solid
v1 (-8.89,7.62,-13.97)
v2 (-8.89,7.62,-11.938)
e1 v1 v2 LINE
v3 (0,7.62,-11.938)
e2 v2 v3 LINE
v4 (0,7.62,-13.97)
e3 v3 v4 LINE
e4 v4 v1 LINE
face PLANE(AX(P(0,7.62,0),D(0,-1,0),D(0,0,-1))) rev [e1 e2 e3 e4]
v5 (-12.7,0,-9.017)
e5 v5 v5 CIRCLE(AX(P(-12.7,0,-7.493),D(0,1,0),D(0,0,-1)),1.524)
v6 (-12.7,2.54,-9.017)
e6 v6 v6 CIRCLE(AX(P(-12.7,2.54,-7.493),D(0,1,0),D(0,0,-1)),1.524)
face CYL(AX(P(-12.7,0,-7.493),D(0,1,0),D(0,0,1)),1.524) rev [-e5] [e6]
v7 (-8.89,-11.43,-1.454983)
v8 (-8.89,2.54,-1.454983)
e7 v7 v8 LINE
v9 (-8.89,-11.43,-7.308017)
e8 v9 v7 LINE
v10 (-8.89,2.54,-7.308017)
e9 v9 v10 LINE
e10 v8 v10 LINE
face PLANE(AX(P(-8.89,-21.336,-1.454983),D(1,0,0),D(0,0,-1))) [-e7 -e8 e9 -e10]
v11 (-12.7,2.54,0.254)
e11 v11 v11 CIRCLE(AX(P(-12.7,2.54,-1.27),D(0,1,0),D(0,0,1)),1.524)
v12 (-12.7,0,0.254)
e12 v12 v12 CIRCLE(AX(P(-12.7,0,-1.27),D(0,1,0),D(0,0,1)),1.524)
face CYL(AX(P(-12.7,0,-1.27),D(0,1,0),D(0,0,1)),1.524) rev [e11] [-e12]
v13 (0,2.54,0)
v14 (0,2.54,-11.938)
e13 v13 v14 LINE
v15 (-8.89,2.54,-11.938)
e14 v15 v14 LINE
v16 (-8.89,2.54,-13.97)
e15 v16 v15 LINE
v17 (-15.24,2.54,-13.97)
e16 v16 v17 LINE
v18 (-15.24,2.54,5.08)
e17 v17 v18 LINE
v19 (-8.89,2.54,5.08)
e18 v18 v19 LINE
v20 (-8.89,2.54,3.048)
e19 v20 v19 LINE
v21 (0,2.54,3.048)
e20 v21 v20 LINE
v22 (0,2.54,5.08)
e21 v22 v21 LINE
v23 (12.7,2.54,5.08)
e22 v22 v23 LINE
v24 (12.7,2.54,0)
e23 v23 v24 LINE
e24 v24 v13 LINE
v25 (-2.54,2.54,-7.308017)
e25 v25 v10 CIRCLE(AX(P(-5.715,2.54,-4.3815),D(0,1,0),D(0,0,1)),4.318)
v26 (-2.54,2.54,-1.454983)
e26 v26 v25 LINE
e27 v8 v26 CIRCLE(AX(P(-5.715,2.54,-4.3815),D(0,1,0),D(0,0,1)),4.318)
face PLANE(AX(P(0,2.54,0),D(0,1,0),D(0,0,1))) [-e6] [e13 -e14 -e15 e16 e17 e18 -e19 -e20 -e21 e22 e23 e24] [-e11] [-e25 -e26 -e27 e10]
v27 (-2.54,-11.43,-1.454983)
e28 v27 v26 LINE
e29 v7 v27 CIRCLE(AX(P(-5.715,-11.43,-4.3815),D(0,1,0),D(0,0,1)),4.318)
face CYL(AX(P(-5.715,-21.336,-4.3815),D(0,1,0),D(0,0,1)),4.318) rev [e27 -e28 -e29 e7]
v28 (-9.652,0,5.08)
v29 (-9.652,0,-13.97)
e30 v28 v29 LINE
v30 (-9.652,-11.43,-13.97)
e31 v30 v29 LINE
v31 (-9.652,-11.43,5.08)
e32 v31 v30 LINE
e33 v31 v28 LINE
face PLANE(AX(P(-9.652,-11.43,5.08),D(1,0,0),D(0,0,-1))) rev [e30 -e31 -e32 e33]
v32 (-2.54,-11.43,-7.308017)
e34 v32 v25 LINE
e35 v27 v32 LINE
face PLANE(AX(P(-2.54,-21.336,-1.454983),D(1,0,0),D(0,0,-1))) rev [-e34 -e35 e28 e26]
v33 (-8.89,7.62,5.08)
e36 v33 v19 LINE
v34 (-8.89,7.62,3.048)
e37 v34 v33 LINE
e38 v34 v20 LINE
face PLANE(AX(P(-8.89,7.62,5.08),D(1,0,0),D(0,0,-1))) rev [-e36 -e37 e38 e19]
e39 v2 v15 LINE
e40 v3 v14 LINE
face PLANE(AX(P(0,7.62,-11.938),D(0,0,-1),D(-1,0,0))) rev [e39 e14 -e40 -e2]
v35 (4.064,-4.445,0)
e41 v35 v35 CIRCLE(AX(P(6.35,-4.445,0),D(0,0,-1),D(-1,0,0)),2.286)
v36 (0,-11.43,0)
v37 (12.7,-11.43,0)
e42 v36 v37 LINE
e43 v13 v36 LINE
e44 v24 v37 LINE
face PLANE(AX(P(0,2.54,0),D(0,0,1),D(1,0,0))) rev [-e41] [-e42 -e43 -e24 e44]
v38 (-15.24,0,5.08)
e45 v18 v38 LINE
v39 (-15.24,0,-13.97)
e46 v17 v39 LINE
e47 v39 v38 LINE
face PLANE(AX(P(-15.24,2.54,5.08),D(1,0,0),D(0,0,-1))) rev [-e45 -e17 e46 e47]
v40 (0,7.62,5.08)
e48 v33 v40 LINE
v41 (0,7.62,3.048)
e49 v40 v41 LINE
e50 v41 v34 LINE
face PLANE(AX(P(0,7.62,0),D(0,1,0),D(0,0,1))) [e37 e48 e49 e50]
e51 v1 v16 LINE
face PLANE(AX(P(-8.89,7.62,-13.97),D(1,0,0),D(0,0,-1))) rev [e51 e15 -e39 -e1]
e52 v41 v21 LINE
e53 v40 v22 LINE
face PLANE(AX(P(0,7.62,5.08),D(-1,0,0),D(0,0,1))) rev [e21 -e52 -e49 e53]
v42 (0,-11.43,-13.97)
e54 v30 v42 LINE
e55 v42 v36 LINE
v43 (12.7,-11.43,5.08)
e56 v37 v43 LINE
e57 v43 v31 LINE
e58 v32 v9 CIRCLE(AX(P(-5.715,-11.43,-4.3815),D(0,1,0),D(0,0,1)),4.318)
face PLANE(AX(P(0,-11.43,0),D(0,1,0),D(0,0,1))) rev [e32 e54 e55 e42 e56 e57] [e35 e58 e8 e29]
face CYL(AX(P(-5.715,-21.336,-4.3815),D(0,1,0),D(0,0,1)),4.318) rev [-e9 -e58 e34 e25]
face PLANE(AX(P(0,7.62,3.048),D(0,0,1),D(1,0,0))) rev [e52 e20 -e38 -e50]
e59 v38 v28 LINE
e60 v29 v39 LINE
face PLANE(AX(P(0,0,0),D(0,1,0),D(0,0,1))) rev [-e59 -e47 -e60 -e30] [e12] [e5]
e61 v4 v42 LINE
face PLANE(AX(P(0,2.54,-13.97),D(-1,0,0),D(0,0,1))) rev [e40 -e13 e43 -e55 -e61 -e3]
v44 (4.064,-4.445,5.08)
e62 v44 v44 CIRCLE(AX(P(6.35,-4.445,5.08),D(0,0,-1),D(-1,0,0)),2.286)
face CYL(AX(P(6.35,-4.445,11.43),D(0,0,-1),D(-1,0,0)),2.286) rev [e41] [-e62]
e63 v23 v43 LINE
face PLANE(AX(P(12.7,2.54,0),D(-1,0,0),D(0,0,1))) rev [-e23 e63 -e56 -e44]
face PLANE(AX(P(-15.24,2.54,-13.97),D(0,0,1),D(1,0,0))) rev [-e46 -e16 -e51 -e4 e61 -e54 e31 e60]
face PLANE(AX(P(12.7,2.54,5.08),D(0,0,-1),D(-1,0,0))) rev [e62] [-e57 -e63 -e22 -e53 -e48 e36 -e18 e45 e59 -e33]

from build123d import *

# Parameters (mm, degrees)
BOSS_EXTRUDE1_DEPTH = 2.54
CUT_EXTRUDE1_DEPTH  = 23.876
SKETCH3_R           = 1.524
CUT_EXTRUDE2_DEPTH  = 2.54
SKETCH4_W           = 8.89
SKETCH4_H           = 2.032
BOSS_EXTRUDE2_DEPTH = 5.08
SKETCH5_W           = 12.7
SKETCH5_H           = 5.08
BOSS_EXTRUDE3_DEPTH = 11.43
SKETCH6_R           = 2.286
CUT_EXTRUDE3_DEPTH  = 11.43
SKETCH7_W           = 9.652
SKETCH7_H           = 19.05
BOSS_EXTRUDE4_DEPTH = 11.43
CUT_EXTRUDE4_DEPTH  = 25.4


with BuildPart() as part:
    # Sketch1 → Boss-Extrude1 (new body)
    with BuildSketch(Plane(origin=(0, 0, 0), x_dir=(1, 0, 0), z_dir=(0, 1, 0))):
        Polygon((0, 0), (12.7, 0), (12.7, -5.08), (-15.24, -5.08), (-15.24, 13.97), (0, 13.97), align=None)
    extrude(amount=BOSS_EXTRUDE1_DEPTH)

    # Sketch2 → Cut-Extrude1 (cut)
    with BuildSketch(Plane(origin=(0, 2.54, 0), x_dir=(1, 0, 0), z_dir=(0, 1, 0))):
        with BuildLine():
            Line((-8.89, 1.45498347), (-8.89, 7.30801653))
            ThreePointArc((-8.89, 7.30801653), (-5.715, 8.6995), (-2.54, 7.30801653))
            Line((-2.54, 7.30801653), (-2.54, 1.45498347))
            ThreePointArc((-2.54, 1.45498347), (-5.715, 0.0635), (-8.89, 1.45498347))
        make_face()
    extrude(amount=-CUT_EXTRUDE1_DEPTH, mode=Mode.SUBTRACT)

    # Sketch3 → Cut-Extrude2 (cut)
    with BuildSketch(Plane(origin=(0, 2.54, 0), x_dir=(1, 0, 0), z_dir=(0, 1, 0))):
        with Locations((-12.7, 1.27)):
            Circle(SKETCH3_R)
        with Locations((-12.7, 7.493)):
            Circle(SKETCH3_R)
    extrude(amount=-CUT_EXTRUDE2_DEPTH, mode=Mode.SUBTRACT)

    # Sketch4 → Boss-Extrude2 (add)
    with BuildSketch(Plane(origin=(0, 2.54, 0), x_dir=(1, 0, 0), z_dir=(0, 1, 0))):
        with Locations((-4.445, 12.954)):
            Rectangle(SKETCH4_W, SKETCH4_H)
        with Locations((-4.445, -4.064)):
            Rectangle(SKETCH4_W, SKETCH4_H)
    extrude(amount=BOSS_EXTRUDE2_DEPTH)

    # Sketch5 → Boss-Extrude3 (add)
    with BuildSketch(Plane.XZ):
        with Locations((6.35, 2.54)):
            Rectangle(SKETCH5_W, SKETCH5_H)
    extrude(amount=BOSS_EXTRUDE3_DEPTH)

    # Sketch6 → Cut-Extrude3 (cut)
    with BuildSketch(Plane(origin=(0, 0, 0), x_dir=(-1, 0, 0), z_dir=(0, 0, -1))):
        with Locations((-6.35, -4.445)):
            Circle(SKETCH6_R)
    extrude(amount=-CUT_EXTRUDE3_DEPTH, mode=Mode.SUBTRACT)

    # Sketch7 → Boss-Extrude4 (add)
    with BuildSketch(Plane.XZ):
        with Locations((-4.826, -4.445)):
            Rectangle(SKETCH7_W, SKETCH7_H)
    extrude(amount=BOSS_EXTRUDE4_DEPTH)

    # Sketch2<3> → Cut-Extrude4 (cut)
    with BuildSketch(Plane(origin=(0, 2.54, 0), x_dir=(1, 0, 0), z_dir=(0, 1, 0))):
        with BuildLine():
            Line((-8.89, 1.45498347), (-8.89, 7.30801653))
            ThreePointArc((-8.89, 7.30801653), (-5.715, 8.6995), (-2.54, 7.30801653))
            Line((-2.54, 7.30801653), (-2.54, 1.45498347))
            ThreePointArc((-2.54, 1.45498347), (-5.715, 0.0635), (-8.89, 1.45498347))
        make_face()
    extrude(amount=-CUT_EXTRUDE4_DEPTH, mode=Mode.SUBTRACT)


solid = part.part
